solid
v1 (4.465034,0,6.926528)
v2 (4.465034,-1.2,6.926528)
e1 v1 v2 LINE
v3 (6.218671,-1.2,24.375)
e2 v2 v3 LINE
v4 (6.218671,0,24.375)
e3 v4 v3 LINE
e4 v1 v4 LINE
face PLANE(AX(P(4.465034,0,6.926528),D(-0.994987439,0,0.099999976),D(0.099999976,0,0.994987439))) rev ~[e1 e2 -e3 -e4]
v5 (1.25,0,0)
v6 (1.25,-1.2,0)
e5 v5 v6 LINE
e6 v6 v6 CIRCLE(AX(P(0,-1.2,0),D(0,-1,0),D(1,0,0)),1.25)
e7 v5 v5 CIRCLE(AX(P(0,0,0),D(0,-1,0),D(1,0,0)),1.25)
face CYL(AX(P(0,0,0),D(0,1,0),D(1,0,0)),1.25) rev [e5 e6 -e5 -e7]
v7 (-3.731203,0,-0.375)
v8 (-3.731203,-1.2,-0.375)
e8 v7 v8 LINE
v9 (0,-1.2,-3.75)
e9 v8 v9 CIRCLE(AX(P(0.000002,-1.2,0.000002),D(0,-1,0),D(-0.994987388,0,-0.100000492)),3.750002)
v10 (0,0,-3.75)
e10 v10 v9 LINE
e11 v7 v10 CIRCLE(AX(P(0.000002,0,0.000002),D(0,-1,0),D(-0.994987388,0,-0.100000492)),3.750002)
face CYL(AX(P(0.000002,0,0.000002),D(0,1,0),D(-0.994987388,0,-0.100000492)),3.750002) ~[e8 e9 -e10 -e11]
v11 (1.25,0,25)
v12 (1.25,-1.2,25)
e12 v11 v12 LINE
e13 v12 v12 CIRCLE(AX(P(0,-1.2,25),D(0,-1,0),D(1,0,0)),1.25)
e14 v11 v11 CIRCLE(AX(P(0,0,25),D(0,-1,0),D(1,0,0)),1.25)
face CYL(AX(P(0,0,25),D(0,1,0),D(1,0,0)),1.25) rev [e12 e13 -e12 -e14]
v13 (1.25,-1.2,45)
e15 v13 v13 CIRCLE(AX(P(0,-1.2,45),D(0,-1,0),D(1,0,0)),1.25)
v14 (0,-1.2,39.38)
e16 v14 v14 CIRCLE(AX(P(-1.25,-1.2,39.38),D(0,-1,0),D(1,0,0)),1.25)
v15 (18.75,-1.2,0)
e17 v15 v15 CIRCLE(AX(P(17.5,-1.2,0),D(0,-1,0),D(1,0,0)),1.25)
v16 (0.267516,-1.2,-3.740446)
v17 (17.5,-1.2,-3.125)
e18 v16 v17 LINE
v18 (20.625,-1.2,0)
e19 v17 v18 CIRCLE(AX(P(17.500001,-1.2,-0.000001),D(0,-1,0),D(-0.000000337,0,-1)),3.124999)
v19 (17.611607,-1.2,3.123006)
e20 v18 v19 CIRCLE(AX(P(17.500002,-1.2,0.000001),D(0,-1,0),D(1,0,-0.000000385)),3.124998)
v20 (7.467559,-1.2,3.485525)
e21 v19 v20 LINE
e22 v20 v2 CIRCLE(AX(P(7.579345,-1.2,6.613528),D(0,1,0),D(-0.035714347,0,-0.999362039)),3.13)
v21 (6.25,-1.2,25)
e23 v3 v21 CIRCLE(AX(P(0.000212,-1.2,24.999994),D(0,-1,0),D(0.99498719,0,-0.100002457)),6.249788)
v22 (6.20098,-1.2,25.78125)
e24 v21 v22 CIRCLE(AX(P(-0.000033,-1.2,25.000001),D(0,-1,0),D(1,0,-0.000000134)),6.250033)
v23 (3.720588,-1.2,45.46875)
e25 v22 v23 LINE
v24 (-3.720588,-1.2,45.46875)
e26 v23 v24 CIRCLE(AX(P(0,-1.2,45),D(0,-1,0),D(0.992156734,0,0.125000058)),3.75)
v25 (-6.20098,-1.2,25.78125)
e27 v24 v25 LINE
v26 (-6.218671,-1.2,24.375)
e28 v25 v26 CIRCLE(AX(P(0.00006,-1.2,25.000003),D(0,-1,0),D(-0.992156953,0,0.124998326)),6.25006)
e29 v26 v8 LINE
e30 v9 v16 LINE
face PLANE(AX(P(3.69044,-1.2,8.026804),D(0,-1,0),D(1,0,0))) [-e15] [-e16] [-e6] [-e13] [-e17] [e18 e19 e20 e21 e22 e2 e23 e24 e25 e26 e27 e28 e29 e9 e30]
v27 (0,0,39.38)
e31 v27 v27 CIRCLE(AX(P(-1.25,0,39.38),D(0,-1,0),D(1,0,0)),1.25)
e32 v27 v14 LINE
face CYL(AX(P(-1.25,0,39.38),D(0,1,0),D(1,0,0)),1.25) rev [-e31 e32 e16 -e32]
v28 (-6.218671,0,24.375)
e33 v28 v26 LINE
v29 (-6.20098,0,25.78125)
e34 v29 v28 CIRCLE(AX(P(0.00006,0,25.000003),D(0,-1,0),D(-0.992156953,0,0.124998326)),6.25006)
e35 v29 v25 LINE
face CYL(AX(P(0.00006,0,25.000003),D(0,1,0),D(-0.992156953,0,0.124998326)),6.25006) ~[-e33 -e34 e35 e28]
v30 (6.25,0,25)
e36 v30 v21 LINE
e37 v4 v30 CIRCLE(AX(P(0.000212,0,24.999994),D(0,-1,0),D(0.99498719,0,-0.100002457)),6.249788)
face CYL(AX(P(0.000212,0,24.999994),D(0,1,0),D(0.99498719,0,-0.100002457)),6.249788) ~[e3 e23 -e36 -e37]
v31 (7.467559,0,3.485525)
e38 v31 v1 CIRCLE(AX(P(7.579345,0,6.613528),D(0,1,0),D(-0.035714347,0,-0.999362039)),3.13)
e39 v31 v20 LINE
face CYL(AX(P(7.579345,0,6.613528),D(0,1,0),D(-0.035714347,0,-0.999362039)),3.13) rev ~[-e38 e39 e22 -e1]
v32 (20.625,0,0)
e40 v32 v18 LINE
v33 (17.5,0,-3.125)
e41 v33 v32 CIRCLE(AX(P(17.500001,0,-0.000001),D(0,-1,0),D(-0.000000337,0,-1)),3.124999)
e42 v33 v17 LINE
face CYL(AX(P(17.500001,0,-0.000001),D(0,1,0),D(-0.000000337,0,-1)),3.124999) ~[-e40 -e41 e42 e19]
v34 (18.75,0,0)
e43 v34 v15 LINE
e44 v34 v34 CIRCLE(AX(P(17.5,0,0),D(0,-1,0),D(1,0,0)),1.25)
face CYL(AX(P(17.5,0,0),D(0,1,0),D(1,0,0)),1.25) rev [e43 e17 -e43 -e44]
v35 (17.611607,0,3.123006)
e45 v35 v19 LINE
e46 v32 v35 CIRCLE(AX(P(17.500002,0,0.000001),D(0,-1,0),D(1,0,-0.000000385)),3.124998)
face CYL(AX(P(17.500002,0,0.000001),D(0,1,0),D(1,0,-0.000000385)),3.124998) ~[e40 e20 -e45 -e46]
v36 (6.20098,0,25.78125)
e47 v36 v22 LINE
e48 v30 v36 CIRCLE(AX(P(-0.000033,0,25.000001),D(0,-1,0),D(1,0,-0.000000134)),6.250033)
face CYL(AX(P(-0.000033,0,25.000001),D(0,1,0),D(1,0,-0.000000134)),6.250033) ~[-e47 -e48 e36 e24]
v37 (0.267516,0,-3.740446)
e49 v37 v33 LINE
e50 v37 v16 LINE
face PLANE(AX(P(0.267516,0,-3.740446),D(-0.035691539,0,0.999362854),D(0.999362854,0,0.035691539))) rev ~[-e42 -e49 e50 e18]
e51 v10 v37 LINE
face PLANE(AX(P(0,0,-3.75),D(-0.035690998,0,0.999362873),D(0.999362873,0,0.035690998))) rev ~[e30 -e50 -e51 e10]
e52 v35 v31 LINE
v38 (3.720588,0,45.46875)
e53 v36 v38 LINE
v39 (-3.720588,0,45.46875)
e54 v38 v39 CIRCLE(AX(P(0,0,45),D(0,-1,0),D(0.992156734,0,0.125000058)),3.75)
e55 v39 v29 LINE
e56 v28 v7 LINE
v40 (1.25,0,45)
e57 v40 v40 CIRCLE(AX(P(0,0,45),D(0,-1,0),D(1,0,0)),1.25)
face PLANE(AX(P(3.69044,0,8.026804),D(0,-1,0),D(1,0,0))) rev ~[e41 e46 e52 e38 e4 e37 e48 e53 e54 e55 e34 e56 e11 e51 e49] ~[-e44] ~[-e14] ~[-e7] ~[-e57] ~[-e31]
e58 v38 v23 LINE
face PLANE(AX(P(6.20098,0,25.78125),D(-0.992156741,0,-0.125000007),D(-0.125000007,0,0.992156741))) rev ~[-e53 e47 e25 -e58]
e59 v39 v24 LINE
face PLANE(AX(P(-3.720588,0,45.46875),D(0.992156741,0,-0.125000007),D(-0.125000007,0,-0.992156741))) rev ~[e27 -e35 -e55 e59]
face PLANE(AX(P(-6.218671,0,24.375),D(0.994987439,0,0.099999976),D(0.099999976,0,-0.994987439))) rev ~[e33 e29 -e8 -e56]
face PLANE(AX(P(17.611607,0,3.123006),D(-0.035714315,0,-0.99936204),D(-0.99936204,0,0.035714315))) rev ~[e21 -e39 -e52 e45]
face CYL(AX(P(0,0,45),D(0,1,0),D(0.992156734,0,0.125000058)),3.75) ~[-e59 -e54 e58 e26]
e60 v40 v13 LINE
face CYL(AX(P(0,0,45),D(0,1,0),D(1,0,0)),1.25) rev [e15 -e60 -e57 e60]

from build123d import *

# Parameters (mm, degrees)
F0_R     = 1.25
F1_DEPTH = 1.2


with BuildPart() as f1:
    # F0 (on Front) → F1 (new body)
    with BuildSketch(Plane.XZ):
        with BuildLine():
            ThreePointArc((-3.731203, -0.375), (-0.187735, 3.745298), (3.75, 0))
            ThreePointArc((3.75, 0), (2.744602, -2.555319), (0.267516, -3.740446))
            Line((0.267516, -3.740446), (17.5, -3.125))
            ThreePointArc((17.5, -3.125), (14.375498, 0.055812), (17.611607, 3.123006))
            Line((17.611607, 3.123006), (7.467559, 3.485525))
            ThreePointArc((7.467559, 3.485525), (5.220945, 4.555653), (4.465034, 6.926528))
            Line((4.465034, 6.926528), (6.218671, 24.375))
            ThreePointArc((6.218671, 24.375), (0, 18.75), (-6.218671, 24.375))
            Line((-6.218671, 24.375), (-3.731203, -0.375))
        make_face()
        with BuildLine():
            Line((-3.720588, 45.46875), (-6.20098, 25.78125))
            ThreePointArc((-6.20098, 25.78125), (0, 31.25), (6.20098, 25.78125))
            Line((6.20098, 25.78125), (3.720588, 45.46875))
            ThreePointArc((3.720588, 45.46875), (3.74264, 45.234836), (3.75, 45))
            ThreePointArc((3.75, 45), (-0.234836, 41.25736), (-3.720588, 45.46875))
        make_face()
        with Locations((-1.25, 39.38)):
            Circle(F0_R, mode=Mode.SUBTRACT)
        with BuildLine():
            ThreePointArc((-6.20098, 25.78125), (-6.249505, 25.078624), (-6.218671, 24.375))
            ThreePointArc((-6.218671, 24.375), (0, 18.75), (6.218671, 24.375))
            ThreePointArc((6.218671, 24.375), (6.242163, 24.687108), (6.25, 25))
            ThreePointArc((6.25, 25), (6.237733, 25.391393), (6.20098, 25.78125))
            ThreePointArc((6.20098, 25.78125), (0, 31.25), (-6.20098, 25.78125))
        make_face()
        with Locations((0, 25)):
            Circle(F0_R, mode=Mode.SUBTRACT)
        with BuildLine():
            ThreePointArc((3.720588, 45.46875), (0, 48.75), (-3.720588, 45.46875))
            ThreePointArc((-3.720588, 45.46875), (-0.234836, 41.25736), (3.75, 45))
            ThreePointArc((3.75, 45), (3.74264, 45.234836), (3.720588, 45.46875))
        make_face()
        with Locations((0, 45)):
            Circle(F0_R, mode=Mode.SUBTRACT)
        with BuildLine():
            ThreePointArc((0.267516, -3.740446), (2.744602, -2.555319), (3.75, 0))
            ThreePointArc((3.75, 0), (-0.187735, 3.745298), (-3.731203, -0.375))
            ThreePointArc((-3.731203, -0.375), (-2.515576, -2.781074), (0, -3.75))
            Line((0, -3.75), (0.267516, -3.740446))
        make_face()
        Circle(F0_R, mode=Mode.SUBTRACT)
        with BuildLine():
            ThreePointArc((17.611607, 3.123006), (14.375498, 0.055812), (17.5, -3.125))
            ThreePointArc((17.5, -3.125), (19.709709, -2.209709), (20.625, 0))
            ThreePointArc((20.625, 0), (19.748822, 2.169891), (17.611607, 3.123006))
        make_face()
        with Locations((17.5, 0)):
            Circle(F0_R, mode=Mode.SUBTRACT)
    extrude(amount=F1_DEPTH)


solid = f1.part
